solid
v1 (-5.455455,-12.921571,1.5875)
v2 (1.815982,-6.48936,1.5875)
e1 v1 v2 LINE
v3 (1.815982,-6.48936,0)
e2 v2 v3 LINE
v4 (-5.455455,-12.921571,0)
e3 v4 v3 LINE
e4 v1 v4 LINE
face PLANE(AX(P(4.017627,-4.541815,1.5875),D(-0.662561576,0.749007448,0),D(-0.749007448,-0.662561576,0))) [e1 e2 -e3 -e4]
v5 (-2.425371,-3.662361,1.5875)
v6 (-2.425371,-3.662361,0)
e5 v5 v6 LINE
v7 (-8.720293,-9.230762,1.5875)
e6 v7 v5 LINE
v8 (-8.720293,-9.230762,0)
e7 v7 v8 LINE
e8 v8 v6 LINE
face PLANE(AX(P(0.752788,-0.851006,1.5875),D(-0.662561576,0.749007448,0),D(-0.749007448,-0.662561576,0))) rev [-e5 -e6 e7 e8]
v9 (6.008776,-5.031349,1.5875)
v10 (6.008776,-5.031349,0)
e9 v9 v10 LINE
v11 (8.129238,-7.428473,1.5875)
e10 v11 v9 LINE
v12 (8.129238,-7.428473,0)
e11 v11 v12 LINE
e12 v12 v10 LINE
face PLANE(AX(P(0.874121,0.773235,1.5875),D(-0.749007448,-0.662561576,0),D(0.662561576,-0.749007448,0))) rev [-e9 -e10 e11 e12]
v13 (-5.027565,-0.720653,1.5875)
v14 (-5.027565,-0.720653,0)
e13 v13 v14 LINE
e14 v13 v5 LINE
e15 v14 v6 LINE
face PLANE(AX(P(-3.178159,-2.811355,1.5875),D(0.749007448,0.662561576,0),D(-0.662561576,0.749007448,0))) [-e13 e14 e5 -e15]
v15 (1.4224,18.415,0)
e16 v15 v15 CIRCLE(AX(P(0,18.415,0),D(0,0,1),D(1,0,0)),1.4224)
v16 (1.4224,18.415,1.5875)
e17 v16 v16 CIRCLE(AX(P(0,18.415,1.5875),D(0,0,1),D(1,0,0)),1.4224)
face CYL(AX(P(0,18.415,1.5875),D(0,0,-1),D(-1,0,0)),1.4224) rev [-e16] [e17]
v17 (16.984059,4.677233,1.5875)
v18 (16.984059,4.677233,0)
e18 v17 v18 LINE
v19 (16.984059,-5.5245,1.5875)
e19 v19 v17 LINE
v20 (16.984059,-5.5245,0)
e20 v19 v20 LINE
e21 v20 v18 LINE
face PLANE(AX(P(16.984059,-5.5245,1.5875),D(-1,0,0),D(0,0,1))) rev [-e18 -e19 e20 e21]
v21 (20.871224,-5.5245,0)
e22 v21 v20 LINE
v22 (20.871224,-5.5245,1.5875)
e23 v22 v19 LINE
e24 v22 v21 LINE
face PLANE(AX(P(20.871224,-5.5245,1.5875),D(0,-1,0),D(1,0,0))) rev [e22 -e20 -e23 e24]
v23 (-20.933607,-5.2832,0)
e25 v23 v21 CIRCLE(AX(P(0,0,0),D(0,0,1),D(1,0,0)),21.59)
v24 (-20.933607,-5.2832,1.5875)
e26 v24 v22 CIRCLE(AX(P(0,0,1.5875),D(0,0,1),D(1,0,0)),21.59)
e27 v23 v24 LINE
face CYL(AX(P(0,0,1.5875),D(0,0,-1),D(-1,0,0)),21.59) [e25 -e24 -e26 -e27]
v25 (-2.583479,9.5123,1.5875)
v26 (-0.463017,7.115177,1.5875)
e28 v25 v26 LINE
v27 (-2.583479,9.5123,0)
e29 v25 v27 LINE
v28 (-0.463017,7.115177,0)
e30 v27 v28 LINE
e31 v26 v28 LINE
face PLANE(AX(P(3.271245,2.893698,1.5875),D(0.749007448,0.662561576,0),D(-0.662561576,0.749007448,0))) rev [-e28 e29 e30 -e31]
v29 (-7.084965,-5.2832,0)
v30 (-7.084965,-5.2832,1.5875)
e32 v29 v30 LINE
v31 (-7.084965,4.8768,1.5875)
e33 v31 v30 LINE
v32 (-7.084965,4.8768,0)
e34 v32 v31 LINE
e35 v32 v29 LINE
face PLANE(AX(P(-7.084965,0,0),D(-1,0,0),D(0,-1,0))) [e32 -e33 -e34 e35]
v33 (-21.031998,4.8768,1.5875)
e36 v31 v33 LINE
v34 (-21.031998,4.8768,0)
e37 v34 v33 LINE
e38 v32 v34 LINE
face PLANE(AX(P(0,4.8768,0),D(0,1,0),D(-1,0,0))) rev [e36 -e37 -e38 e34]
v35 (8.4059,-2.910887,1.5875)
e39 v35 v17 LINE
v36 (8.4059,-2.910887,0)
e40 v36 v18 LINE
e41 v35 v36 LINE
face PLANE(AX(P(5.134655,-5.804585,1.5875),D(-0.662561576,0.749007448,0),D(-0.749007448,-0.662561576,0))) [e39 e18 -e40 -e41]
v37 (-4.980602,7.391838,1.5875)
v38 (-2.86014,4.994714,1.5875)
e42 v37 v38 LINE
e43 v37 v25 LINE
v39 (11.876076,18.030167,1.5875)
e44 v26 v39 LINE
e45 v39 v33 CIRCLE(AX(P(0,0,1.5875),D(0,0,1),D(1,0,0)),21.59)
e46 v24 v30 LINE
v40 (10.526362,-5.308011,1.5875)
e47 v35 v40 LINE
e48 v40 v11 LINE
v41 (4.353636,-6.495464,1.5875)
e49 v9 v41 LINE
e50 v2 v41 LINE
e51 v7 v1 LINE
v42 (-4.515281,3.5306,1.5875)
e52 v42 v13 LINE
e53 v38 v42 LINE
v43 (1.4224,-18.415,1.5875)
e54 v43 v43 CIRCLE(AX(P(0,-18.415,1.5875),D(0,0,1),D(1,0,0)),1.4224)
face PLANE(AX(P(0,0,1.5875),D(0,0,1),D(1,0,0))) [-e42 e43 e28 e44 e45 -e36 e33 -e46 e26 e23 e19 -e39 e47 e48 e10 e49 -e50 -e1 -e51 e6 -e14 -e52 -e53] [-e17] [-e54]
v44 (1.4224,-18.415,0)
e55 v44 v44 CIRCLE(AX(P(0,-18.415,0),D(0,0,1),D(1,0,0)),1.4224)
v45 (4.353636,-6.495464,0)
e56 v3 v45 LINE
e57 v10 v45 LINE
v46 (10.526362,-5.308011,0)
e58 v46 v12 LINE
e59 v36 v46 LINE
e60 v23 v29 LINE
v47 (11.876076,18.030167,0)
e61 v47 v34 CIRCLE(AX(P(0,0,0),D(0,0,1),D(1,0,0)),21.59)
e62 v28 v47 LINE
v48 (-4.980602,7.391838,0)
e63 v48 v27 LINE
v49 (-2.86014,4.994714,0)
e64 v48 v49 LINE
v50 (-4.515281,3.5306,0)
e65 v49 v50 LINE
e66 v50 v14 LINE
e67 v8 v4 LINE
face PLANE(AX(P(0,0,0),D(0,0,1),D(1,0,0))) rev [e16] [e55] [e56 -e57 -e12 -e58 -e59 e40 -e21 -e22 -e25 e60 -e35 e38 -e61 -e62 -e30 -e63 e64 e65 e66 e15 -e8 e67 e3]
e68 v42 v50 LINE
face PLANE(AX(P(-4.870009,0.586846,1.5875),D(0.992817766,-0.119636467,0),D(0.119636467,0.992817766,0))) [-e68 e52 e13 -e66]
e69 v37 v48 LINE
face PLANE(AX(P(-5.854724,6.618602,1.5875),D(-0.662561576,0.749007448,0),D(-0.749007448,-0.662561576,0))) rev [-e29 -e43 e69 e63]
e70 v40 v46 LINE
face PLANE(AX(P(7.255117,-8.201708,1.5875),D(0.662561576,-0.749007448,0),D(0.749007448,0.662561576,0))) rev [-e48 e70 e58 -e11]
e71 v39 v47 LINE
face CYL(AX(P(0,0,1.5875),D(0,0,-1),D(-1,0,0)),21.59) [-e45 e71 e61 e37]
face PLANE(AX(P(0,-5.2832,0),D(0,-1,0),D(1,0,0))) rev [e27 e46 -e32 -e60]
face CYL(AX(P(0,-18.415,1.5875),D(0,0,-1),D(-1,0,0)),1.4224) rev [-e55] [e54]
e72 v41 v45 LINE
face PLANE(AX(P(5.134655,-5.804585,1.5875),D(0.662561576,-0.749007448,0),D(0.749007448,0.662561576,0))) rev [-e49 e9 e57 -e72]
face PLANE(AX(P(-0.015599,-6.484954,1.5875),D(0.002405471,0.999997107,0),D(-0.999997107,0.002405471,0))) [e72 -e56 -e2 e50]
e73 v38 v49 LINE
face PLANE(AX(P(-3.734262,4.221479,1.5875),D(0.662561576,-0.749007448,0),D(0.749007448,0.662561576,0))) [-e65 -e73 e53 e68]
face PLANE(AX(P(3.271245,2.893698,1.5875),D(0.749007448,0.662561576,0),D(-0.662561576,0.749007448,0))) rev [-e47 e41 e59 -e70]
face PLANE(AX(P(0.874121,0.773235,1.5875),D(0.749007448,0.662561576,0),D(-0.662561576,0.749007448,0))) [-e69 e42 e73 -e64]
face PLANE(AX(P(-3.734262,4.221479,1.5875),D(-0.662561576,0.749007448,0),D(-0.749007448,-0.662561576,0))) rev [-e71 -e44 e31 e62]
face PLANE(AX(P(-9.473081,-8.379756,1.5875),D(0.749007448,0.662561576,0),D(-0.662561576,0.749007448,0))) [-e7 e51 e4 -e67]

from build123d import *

# Parameters (mm, degrees)
SKETCH1_R           = 1.4224
BOSS_EXTRUDE1_DEPTH = 1.5875
CUT_EXTRUDE3_DEPTH  = 31.574112518
CUT_EXTRUDE4_DEPTH  = 31.574112518


with BuildPart() as part:
    # Sketch1 → Boss-Extrude1 (new body)
    with BuildSketch(Plane.XY):
        with BuildLine():
            Line((-5.027565338, -0.720652536), (-4.515281158, 3.5306))
            Line((-4.515281158, 3.5306), (-2.860140414, 4.994714494))
            Line((-2.860140414, 4.994714494), (-4.980602482, 7.391837931))
            Line((-4.980602482, 7.391837931), (-2.583479045, 9.5123))
            Line((-2.583479045, 9.5123), (-0.463016976, 7.115176563))
            Line((-0.463016976, 7.115176563), (11.876076152, 18.030166811))
            ThreePointArc((11.876076152, 18.030166811), (-16.886200405, -13.453041882), (20.228041911, 7.546815251))
            Line((20.228041911, 7.546815251), (8.405899773, -2.910887338))
            Line((8.405899773, -2.910887338), (10.526361842, -5.308010776))
            Line((10.526361842, -5.308010776), (8.129238404, -7.428472845))
            Line((8.129238404, -7.428472845), (6.008776335, -5.031349407))
            Line((6.008776335, -5.031349407), (4.353635591, -6.495463901))
            Line((4.353635591, -6.495463901), (1.815981702, -6.489359631))
            Line((1.815981702, -6.489359631), (-5.455454601, -12.9215711))
            Line((-5.455454601, -12.9215711), (-8.720293025, -9.230761998))
            Line((-8.720293025, -9.230761998), (-2.425370717, -3.662361234))
            Line((-2.425370717, -3.662361234), (-5.027565338, -0.720652536))
        make_face()
        with Locations((0, 18.415)):
            Circle(SKETCH1_R, mode=Mode.SUBTRACT)
        with Locations((0, -18.415)):
            Circle(SKETCH1_R, mode=Mode.SUBTRACT)
    extrude(amount=BOSS_EXTRUDE1_DEPTH)

    # Sketch2 → Cut-Extrude3 (cut, through all)
    with BuildSketch(Plane.XY.offset(1.5875)):
        with BuildLine():
            Line((-7.084965338, 4.8768), (-21.031997569, 4.8768))
            ThreePointArc((-21.031997569, 4.8768), (-21.588987692, -0.209070373), (-20.933606898, -5.2832))
            Line((-20.933606898, -5.2832), (-7.084965338, -5.2832))
            Line((-7.084965338, -5.2832), (-7.084965338, 4.8768))
        make_face()
    extrude(amount=-CUT_EXTRUDE3_DEPTH, mode=Mode.SUBTRACT)

    # Sketch3 → Cut-Extrude4 (cut, through all)
    with BuildSketch(Plane(origin=(0, 0, 0), x_dir=(-1, 0, 0), z_dir=(0, 0, -1))):
        with BuildLine():
            Line((-20.871224203, -5.5245), (-16.984058744, -5.5245))
            Line((-16.984058744, -5.5245), (-16.984058744, 4.677232838))
            Line((-16.984058744, 4.677232838), (-20.228041911, 7.546815251))
            ThreePointArc((-20.228041911, 7.546815251), (-21.563910577, 1.061065789), (-20.871224203, -5.5245))
        make_face()
    extrude(amount=-CUT_EXTRUDE4_DEPTH, mode=Mode.SUBTRACT)


solid = part.part
